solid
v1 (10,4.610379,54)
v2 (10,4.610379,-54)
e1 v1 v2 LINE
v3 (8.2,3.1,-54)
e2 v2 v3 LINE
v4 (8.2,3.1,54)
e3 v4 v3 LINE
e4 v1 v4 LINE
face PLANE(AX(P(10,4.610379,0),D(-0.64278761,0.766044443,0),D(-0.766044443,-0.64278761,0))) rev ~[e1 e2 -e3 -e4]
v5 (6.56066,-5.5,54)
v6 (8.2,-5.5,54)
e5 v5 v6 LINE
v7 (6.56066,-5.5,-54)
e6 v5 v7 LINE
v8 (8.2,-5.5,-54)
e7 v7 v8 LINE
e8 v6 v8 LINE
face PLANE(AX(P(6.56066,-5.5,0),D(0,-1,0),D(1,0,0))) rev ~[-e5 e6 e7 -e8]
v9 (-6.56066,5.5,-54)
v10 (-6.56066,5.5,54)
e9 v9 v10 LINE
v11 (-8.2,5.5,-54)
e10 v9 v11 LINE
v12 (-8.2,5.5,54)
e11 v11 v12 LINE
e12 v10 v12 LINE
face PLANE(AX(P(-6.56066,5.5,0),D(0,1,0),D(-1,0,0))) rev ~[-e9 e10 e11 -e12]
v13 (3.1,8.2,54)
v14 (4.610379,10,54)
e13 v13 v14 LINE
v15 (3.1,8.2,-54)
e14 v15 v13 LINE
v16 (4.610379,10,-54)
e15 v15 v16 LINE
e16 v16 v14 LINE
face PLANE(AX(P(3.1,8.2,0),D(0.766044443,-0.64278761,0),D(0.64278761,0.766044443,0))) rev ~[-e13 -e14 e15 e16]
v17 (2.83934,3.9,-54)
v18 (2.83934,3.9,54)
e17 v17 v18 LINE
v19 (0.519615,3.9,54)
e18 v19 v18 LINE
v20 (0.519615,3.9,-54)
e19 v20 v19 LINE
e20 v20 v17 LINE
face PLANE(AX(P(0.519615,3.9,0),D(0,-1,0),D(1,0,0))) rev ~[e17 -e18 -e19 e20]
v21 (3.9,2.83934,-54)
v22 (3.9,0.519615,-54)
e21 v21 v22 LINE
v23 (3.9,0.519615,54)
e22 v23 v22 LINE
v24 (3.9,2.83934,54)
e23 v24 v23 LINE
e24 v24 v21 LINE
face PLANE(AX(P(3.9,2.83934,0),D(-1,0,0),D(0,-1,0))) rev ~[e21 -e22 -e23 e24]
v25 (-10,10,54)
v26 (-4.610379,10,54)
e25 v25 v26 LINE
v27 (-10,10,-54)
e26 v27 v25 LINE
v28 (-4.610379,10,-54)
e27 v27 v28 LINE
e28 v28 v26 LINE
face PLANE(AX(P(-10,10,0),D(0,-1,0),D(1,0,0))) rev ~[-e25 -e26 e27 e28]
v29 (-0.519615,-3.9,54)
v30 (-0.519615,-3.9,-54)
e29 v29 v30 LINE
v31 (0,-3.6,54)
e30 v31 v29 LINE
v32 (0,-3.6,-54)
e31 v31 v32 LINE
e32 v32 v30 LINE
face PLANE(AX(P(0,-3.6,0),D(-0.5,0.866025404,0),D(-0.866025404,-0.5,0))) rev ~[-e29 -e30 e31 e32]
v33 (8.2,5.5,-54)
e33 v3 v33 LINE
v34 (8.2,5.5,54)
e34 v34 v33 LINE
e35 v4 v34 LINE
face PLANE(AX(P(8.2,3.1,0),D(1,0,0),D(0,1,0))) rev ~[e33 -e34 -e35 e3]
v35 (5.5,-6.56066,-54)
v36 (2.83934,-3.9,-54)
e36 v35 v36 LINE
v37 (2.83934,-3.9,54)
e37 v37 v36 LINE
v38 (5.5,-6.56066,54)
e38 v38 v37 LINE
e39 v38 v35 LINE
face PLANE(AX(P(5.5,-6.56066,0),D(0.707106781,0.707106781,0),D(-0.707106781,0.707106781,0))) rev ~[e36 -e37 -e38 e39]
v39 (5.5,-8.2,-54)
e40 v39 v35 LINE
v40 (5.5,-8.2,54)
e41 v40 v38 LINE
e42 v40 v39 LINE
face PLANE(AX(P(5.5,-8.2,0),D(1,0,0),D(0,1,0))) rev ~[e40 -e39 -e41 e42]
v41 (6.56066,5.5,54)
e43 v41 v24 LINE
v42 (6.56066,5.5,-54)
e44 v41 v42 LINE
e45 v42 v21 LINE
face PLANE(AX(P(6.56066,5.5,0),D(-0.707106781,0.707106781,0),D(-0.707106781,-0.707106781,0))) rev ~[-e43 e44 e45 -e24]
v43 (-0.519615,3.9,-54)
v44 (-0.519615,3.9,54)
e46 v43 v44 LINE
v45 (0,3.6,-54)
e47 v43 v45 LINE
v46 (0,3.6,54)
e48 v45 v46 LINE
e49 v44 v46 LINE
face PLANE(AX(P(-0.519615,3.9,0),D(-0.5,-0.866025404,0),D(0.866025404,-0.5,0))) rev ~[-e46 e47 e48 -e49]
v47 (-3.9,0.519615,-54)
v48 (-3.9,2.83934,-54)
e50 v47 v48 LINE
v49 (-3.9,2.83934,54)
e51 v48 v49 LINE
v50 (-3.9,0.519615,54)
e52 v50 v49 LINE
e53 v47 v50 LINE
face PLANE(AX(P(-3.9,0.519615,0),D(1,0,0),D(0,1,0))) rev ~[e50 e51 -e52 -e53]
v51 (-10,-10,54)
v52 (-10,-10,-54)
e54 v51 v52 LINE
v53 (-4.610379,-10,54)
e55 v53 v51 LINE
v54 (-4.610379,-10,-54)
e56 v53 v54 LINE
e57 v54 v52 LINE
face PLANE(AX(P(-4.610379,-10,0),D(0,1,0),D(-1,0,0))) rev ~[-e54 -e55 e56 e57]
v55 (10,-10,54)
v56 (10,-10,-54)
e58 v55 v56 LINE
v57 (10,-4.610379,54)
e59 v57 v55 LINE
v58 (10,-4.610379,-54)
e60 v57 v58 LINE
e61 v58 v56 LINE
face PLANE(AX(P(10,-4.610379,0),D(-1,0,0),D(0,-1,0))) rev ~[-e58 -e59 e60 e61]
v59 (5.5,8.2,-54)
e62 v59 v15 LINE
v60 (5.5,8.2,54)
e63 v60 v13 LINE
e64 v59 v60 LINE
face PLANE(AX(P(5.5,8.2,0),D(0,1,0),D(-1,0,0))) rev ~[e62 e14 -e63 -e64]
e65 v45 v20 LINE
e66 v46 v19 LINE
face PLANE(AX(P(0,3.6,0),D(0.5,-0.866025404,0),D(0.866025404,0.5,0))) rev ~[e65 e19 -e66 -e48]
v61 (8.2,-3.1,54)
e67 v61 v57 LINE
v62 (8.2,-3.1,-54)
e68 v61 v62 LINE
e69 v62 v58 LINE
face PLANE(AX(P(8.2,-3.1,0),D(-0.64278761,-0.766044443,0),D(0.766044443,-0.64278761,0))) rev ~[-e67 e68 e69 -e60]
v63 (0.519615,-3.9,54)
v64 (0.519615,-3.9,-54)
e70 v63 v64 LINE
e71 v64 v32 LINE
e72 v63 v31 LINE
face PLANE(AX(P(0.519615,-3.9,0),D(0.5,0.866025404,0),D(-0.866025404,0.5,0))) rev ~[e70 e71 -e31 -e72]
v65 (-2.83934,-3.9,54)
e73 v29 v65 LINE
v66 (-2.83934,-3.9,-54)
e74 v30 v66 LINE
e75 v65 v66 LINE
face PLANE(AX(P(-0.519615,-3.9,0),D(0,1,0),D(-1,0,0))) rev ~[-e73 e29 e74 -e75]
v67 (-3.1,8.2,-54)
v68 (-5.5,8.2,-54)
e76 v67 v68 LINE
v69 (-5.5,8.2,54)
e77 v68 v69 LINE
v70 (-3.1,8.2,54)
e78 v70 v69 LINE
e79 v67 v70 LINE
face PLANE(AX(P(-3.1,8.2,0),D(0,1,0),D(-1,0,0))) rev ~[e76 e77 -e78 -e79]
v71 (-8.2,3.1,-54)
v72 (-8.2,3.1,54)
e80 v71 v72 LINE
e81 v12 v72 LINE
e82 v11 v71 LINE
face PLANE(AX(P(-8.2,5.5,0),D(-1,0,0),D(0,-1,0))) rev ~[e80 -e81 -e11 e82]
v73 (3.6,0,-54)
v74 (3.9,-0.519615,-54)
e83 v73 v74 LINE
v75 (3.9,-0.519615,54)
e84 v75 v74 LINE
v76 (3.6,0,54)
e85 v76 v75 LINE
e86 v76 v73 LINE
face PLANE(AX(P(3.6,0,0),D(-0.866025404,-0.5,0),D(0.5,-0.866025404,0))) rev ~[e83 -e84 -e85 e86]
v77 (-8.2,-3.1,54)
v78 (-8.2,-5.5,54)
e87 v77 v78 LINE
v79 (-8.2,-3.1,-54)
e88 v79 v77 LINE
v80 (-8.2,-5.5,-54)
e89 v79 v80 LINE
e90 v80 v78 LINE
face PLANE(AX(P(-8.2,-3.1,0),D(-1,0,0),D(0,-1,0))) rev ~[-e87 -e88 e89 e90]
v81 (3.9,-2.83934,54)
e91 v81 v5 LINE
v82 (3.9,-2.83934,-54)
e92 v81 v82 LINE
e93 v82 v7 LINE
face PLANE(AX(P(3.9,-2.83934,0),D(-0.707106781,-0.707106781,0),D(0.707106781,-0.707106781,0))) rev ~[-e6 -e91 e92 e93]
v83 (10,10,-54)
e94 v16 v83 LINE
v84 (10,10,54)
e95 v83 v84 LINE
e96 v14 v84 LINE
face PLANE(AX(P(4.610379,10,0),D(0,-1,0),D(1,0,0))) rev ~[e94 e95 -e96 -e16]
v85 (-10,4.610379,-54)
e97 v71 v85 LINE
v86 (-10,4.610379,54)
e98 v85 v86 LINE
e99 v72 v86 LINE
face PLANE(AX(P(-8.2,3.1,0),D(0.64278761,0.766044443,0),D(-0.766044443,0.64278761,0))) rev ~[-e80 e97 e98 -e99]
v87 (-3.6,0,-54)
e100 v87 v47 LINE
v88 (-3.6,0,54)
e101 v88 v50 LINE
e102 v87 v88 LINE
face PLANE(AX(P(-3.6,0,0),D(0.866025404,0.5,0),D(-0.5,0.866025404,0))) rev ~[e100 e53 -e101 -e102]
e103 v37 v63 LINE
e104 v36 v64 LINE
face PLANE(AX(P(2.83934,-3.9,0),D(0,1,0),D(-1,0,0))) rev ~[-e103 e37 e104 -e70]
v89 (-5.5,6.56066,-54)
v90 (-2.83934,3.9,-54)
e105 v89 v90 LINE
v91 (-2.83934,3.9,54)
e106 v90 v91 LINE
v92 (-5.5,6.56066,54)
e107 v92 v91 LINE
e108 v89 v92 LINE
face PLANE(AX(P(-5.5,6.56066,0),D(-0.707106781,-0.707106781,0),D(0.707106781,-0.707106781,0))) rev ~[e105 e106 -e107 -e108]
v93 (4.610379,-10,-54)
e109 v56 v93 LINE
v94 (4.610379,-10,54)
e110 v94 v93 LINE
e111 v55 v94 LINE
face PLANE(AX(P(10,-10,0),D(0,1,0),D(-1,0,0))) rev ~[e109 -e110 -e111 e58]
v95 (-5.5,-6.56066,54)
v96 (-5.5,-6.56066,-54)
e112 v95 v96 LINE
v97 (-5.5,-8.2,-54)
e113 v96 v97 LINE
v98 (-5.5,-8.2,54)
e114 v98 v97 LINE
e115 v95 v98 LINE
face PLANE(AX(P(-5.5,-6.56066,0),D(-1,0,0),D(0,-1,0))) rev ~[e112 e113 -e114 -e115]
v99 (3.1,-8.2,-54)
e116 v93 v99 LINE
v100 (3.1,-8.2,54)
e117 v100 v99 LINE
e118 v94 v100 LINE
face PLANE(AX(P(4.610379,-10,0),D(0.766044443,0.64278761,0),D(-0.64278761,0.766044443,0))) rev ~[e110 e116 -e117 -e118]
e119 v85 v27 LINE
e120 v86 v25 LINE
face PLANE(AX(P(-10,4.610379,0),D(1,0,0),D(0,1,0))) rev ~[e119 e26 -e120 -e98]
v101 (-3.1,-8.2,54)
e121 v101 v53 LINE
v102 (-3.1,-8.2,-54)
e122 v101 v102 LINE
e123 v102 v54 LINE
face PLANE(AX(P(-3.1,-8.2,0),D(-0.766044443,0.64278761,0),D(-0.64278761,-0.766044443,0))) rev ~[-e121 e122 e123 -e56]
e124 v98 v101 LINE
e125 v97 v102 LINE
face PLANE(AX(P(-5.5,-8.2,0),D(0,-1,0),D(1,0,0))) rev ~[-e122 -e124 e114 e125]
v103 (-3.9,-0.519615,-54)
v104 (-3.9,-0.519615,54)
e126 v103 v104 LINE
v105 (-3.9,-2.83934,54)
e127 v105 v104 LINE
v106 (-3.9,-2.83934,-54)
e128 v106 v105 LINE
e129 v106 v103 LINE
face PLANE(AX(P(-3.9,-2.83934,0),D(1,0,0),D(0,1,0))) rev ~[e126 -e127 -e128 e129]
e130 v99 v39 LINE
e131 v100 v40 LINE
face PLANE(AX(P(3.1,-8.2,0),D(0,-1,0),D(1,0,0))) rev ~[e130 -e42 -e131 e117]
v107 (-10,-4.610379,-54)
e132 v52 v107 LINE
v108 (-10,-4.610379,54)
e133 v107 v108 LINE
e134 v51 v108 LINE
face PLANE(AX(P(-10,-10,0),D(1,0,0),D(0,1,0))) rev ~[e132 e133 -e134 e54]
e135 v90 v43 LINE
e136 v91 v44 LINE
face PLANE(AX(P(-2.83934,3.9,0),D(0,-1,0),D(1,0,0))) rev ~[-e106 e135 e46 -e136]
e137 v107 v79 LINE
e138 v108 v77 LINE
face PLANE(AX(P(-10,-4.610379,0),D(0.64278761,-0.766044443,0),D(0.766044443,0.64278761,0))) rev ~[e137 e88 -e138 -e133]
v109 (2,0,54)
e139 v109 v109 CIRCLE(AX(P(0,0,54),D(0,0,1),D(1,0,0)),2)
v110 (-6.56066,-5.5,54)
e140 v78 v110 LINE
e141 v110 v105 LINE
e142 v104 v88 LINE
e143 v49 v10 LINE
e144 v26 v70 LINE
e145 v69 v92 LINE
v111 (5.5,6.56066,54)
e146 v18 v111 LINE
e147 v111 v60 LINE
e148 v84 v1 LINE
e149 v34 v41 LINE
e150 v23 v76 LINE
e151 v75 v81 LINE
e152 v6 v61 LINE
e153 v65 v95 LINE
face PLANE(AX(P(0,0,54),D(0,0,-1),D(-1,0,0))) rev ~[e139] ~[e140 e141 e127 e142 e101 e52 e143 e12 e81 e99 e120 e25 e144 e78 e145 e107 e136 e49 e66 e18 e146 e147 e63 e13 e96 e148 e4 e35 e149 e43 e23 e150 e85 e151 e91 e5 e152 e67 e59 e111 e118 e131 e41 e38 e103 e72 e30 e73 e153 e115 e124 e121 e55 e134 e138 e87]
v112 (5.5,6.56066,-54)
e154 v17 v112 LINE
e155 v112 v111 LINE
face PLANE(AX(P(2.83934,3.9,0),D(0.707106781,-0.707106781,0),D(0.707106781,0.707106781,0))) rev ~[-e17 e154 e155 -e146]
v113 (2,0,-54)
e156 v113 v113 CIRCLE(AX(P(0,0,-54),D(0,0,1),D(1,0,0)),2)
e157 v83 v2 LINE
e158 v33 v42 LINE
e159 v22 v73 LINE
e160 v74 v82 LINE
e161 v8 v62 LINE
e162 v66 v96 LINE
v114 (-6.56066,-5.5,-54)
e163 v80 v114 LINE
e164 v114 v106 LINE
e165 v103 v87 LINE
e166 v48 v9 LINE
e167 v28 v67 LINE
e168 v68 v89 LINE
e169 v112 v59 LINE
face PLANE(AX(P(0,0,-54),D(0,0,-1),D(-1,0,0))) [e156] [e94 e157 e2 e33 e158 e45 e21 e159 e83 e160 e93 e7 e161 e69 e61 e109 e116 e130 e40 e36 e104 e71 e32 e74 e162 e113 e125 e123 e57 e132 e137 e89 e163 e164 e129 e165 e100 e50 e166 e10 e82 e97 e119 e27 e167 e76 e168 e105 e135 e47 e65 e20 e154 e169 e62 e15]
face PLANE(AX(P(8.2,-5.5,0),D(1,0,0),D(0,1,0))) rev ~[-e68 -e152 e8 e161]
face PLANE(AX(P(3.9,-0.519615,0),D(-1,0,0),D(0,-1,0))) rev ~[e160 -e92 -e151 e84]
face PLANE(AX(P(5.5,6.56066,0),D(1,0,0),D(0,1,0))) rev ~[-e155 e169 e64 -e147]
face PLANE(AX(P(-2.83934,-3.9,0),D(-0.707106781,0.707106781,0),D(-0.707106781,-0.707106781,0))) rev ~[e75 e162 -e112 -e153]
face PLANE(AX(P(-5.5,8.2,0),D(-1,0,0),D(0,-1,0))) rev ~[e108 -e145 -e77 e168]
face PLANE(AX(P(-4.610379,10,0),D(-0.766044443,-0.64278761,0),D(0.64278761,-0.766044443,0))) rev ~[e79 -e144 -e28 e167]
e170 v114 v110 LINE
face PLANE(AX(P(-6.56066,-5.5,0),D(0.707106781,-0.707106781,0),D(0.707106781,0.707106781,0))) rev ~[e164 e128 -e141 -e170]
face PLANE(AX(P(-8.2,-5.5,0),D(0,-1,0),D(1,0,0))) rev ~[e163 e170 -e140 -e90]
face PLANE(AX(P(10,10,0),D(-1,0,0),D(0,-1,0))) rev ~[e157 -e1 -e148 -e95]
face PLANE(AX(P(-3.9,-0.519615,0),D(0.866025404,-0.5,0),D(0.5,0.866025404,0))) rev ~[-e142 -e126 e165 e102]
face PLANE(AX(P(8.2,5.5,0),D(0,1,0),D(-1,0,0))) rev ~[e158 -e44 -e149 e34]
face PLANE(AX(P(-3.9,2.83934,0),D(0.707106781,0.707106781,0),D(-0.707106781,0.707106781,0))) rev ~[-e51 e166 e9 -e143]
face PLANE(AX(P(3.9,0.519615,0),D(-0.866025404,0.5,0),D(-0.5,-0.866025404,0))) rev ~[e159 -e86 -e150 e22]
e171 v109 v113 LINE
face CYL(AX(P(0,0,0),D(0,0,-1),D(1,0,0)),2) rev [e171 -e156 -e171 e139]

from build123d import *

# Parameters (mm, degrees)
SKETCH1_R           = 2
BOSS_EXTRUDE1_DEPTH = 54


with BuildPart() as part:
    # Sketch1 → Boss-Extrude1 (new body, symmetric)
    with BuildSketch(Plane.XY):
        Polygon((10, 10), (10, 4.610379336), (8.2, 3.1), (8.2, 5.5), (6.560660172, 5.5), (3.9, 2.839339828), (3.9, 0.519615242), (3.6, 0), (3.9, -0.519615242), (3.9, -2.839339828), (6.560660172, -5.5), (8.2, -5.5), (8.2, -3.1), (10, -4.610379336), (10, -10), (4.610379336, -10), (3.1, -8.2), (5.5, -8.2), (5.5, -6.560660172), (2.839339828, -3.9), (0.519615242, -3.9), (0, -3.6), (-0.519615242, -3.9), (-2.839339828, -3.9), (-5.5, -6.560660172), (-5.5, -8.2), (-3.1, -8.2), (-4.610379336, -10), (-10, -10), (-10, -4.610379336), (-8.2, -3.1), (-8.2, -5.5), (-6.560660172, -5.5), (-3.9, -2.839339828), (-3.9, -0.519615242), (-3.6, 0), (-3.9, 0.519615242), (-3.9, 2.839339828), (-6.560660172, 5.5), (-8.2, 5.5), (-8.2, 3.1), (-10, 4.610379336), (-10, 10), (-4.610379336, 10), (-3.1, 8.2), (-5.5, 8.2), (-5.5, 6.560660172), (-2.839339828, 3.9), (-0.519615242, 3.9), (0, 3.6), (0.519615242, 3.9), (2.839339828, 3.9), (5.5, 6.560660172), (5.5, 8.2), (3.1, 8.2), (4.610379336, 10), align=None)
        Circle(SKETCH1_R, mode=Mode.SUBTRACT)
    extrude(amount=BOSS_EXTRUDE1_DEPTH, both=True)


solid = part.part
